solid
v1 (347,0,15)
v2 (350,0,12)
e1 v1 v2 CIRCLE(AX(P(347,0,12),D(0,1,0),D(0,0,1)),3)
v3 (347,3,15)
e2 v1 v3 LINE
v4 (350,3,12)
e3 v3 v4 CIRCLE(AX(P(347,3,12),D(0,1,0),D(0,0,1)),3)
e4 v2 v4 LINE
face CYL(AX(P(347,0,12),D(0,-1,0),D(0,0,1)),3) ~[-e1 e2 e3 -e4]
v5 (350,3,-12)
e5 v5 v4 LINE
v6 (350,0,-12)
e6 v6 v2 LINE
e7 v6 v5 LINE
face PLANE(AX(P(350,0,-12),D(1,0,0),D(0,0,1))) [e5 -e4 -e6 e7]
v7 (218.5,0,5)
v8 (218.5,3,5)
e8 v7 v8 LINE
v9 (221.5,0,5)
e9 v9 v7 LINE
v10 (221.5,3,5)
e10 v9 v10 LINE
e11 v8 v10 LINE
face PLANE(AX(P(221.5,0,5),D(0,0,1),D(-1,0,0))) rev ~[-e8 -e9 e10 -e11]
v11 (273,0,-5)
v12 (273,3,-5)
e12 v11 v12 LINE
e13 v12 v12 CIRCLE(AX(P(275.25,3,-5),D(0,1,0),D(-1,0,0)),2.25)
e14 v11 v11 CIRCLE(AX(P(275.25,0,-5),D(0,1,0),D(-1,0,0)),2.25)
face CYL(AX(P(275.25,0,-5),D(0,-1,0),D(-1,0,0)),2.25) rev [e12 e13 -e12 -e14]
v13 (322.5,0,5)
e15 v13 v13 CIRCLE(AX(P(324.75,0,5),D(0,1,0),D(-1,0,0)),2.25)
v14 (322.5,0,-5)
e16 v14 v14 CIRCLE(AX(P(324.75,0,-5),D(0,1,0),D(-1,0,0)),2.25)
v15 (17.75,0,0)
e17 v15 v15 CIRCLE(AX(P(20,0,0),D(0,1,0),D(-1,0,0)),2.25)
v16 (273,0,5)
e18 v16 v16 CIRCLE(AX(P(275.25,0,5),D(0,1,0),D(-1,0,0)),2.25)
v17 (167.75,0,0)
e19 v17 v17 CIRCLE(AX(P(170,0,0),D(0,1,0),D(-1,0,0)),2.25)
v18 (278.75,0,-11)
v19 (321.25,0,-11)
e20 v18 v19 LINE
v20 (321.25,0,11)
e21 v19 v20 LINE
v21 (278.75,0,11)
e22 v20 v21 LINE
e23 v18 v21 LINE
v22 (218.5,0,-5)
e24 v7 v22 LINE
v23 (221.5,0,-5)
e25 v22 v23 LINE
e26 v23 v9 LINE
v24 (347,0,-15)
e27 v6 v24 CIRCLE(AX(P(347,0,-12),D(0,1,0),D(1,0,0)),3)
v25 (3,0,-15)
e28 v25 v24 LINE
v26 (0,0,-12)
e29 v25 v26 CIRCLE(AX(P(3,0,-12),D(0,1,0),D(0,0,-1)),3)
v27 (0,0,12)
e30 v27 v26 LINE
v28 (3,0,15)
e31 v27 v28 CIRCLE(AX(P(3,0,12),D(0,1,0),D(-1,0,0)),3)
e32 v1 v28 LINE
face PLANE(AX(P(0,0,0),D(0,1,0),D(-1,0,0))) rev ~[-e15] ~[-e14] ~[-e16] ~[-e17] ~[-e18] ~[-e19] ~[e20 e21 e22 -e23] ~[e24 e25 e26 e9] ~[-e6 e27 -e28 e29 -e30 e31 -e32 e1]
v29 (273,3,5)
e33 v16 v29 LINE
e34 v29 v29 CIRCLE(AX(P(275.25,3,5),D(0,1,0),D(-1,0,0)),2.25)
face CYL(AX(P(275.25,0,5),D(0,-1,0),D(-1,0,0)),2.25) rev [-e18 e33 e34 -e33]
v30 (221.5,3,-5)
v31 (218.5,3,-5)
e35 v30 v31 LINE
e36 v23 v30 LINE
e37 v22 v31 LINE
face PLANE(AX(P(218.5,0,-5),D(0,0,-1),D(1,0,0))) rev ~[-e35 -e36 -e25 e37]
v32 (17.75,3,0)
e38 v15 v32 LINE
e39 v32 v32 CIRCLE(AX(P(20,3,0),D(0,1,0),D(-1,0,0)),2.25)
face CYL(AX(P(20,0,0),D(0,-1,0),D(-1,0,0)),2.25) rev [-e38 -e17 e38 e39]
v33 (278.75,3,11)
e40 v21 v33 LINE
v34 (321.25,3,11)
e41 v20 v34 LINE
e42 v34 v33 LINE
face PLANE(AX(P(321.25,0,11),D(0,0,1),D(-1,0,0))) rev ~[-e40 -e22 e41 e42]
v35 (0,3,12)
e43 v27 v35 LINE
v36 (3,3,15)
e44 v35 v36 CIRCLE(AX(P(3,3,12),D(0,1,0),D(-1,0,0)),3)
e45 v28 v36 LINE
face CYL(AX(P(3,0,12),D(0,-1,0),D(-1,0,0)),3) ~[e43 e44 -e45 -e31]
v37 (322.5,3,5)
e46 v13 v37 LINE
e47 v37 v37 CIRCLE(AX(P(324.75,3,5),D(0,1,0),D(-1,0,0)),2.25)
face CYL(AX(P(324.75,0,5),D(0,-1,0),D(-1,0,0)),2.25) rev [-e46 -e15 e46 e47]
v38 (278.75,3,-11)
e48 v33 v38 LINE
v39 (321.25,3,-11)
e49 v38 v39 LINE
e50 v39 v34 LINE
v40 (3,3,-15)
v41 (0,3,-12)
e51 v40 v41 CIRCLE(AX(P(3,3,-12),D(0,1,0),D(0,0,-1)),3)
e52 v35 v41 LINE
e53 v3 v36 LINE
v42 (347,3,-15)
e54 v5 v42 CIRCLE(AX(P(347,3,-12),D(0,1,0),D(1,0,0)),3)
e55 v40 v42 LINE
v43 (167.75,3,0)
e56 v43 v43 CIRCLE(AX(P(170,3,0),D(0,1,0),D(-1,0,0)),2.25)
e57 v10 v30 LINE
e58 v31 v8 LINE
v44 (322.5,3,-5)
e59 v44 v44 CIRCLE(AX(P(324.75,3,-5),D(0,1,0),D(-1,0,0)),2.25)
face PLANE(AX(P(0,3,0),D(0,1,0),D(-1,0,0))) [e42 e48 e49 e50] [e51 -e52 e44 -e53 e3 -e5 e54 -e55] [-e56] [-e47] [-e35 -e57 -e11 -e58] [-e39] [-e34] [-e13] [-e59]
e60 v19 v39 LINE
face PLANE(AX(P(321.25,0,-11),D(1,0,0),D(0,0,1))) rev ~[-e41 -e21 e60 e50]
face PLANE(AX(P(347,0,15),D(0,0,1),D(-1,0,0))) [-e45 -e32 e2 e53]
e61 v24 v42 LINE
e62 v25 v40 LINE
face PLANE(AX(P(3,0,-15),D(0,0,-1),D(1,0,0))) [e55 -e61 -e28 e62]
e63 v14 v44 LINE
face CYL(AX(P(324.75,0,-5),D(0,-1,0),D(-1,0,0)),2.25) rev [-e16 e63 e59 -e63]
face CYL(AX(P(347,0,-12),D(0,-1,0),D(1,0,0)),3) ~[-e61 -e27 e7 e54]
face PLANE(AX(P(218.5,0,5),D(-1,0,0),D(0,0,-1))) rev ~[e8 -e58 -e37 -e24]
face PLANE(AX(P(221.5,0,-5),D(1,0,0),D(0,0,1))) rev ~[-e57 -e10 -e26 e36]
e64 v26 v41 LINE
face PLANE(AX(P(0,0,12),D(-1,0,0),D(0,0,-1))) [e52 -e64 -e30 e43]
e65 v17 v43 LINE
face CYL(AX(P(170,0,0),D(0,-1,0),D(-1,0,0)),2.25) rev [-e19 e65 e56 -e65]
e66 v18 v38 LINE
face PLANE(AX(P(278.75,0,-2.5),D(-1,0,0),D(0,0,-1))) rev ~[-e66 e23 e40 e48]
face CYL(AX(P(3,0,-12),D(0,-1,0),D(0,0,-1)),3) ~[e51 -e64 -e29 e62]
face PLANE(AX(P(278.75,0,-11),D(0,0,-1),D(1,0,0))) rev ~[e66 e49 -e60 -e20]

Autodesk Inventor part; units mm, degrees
ref_plane "YZ Plane" through (0, 0, 0) normal (1, 0, 0) x (0, 1, 0)
ref_plane "XZ Plane" through (0, 0, 0) normal (0, 1, 0) x (-1, 0, 0)
ref_plane "XY Plane" through (0, 0, 0) normal (0, 0, 1) x (1, 0, 0)
sketch "Sketch1" plane through (0, 0, 0) normal (0, 1, 0) x (-1, 0, 0)
  line L0 (-3, -15) -> (-347, -15)
  line L1 (-350, -12) -> (-350, 12)
  line L2 (-347, 15) -> (-3, 15)
  line L3 (0, 12) -> (0, -12)
  line L4 (0, 0) -> (-350, 0) construction
  circle A0 centre (-20, 0) radius 2.25
  circle A1 centre (-170, 0) radius 2.25
  line L5 (-278.75, -11) -> (-321.25, -11)
  line L6 (-321.25, -11) -> (-321.25, 11)
  line L7 (-321.25, 11) -> (-278.75, 11)
  line L8 (-278.75, 11) -> (-278.75, -11)
  line L9 (-278.75, 0) -> (-321.25, 0) construction
  line L10 (-278.75, -2.5) -> (-278.75, 2.5)
  line L11 (-275.25, 5) -> (-324.75, 5) construction
  line L12 (-324.75, 5) -> (-324.75, -5) construction
  line L13 (-324.75, -5) -> (-275.25, -5) construction
  line L14 (-275.25, -5) -> (-275.25, 5) construction
  line L15 (-324.75, 5) -> (-275.25, -5) construction
  line L16 (-324.75, -5) -> (-275.25, 5) construction
  circle A2 centre (-275.25, -5) radius 2.25
  circle A3 centre (-275.25, 5) radius 2.25
  circle A4 centre (-324.75, -5) radius 2.25
  circle A5 centre (-324.75, 5) radius 2.25
  arc A6 (-3, -15) -> (0, -12) centre (-3, -12) ccw
  arc A7 (0, 12) -> (-3, 15) centre (-3, 12) ccw
  arc A8 (-347, 15) -> (-350, 12) centre (-347, 12) ccw
  arc A9 (-350, -12) -> (-347, -15) centre (-347, -12) ccw
  point P0 (0, -15)
  point P1 (-350, 15)
  point P2 (-350, -15)
  point P3 (0, 15)
  point P4 (-305.045, 0)
  point P5 (-300, 0)
  dimension "d0" = 350
  dimension "d1" = 30
  dimension "d3" = 20
  dimension "d5" = 150
  dimension "d6" = 22
  dimension "d7" = 42.5
  dimension "d8" = 300
  dimension "d10" = 5
  dimension "d13" = 10
  dimension "d14" = 49.5
  dimension "d15" = 2.25
  dimension "d16" = 2.25
  dimension "d17" = 2.25
  dimension "d18" = 2.25
  dimension "d21" = 3
  dimension "d22" = 4.5
  dimension "d23" = 4.5
extrude "Extrusion1" add sketch "Sketch1" along normal blind 3
sketch "Sketch2" plane through (0, 0, 0) normal (0, -1, 0) x (1, 0, 0)
  line L0 (221.5, 5) -> (218.5, 5)
  line L1 (218.5, 5) -> (218.5, -5)
  line L2 (218.5, -5) -> (221.5, -5)
  line L3 (221.5, -5) -> (221.5, 5)
  line L4 (221.5, 5) -> (218.5, -5) construction
  line L5 (218.5, 5) -> (221.5, -5) construction
  line L6 (0, -12) -> (0, 12) projected
  point P0 (0, 0)
  point P1 (220, 0)
  point P2 (220, 0)
  point P3 (0, 0)
  dimension "d24" = 3
  dimension "d25" = 10
  dimension "d26" = 220
extrude "Extrusion2" cut sketch "Sketch2" against normal blind 10
properties part number "extension"
